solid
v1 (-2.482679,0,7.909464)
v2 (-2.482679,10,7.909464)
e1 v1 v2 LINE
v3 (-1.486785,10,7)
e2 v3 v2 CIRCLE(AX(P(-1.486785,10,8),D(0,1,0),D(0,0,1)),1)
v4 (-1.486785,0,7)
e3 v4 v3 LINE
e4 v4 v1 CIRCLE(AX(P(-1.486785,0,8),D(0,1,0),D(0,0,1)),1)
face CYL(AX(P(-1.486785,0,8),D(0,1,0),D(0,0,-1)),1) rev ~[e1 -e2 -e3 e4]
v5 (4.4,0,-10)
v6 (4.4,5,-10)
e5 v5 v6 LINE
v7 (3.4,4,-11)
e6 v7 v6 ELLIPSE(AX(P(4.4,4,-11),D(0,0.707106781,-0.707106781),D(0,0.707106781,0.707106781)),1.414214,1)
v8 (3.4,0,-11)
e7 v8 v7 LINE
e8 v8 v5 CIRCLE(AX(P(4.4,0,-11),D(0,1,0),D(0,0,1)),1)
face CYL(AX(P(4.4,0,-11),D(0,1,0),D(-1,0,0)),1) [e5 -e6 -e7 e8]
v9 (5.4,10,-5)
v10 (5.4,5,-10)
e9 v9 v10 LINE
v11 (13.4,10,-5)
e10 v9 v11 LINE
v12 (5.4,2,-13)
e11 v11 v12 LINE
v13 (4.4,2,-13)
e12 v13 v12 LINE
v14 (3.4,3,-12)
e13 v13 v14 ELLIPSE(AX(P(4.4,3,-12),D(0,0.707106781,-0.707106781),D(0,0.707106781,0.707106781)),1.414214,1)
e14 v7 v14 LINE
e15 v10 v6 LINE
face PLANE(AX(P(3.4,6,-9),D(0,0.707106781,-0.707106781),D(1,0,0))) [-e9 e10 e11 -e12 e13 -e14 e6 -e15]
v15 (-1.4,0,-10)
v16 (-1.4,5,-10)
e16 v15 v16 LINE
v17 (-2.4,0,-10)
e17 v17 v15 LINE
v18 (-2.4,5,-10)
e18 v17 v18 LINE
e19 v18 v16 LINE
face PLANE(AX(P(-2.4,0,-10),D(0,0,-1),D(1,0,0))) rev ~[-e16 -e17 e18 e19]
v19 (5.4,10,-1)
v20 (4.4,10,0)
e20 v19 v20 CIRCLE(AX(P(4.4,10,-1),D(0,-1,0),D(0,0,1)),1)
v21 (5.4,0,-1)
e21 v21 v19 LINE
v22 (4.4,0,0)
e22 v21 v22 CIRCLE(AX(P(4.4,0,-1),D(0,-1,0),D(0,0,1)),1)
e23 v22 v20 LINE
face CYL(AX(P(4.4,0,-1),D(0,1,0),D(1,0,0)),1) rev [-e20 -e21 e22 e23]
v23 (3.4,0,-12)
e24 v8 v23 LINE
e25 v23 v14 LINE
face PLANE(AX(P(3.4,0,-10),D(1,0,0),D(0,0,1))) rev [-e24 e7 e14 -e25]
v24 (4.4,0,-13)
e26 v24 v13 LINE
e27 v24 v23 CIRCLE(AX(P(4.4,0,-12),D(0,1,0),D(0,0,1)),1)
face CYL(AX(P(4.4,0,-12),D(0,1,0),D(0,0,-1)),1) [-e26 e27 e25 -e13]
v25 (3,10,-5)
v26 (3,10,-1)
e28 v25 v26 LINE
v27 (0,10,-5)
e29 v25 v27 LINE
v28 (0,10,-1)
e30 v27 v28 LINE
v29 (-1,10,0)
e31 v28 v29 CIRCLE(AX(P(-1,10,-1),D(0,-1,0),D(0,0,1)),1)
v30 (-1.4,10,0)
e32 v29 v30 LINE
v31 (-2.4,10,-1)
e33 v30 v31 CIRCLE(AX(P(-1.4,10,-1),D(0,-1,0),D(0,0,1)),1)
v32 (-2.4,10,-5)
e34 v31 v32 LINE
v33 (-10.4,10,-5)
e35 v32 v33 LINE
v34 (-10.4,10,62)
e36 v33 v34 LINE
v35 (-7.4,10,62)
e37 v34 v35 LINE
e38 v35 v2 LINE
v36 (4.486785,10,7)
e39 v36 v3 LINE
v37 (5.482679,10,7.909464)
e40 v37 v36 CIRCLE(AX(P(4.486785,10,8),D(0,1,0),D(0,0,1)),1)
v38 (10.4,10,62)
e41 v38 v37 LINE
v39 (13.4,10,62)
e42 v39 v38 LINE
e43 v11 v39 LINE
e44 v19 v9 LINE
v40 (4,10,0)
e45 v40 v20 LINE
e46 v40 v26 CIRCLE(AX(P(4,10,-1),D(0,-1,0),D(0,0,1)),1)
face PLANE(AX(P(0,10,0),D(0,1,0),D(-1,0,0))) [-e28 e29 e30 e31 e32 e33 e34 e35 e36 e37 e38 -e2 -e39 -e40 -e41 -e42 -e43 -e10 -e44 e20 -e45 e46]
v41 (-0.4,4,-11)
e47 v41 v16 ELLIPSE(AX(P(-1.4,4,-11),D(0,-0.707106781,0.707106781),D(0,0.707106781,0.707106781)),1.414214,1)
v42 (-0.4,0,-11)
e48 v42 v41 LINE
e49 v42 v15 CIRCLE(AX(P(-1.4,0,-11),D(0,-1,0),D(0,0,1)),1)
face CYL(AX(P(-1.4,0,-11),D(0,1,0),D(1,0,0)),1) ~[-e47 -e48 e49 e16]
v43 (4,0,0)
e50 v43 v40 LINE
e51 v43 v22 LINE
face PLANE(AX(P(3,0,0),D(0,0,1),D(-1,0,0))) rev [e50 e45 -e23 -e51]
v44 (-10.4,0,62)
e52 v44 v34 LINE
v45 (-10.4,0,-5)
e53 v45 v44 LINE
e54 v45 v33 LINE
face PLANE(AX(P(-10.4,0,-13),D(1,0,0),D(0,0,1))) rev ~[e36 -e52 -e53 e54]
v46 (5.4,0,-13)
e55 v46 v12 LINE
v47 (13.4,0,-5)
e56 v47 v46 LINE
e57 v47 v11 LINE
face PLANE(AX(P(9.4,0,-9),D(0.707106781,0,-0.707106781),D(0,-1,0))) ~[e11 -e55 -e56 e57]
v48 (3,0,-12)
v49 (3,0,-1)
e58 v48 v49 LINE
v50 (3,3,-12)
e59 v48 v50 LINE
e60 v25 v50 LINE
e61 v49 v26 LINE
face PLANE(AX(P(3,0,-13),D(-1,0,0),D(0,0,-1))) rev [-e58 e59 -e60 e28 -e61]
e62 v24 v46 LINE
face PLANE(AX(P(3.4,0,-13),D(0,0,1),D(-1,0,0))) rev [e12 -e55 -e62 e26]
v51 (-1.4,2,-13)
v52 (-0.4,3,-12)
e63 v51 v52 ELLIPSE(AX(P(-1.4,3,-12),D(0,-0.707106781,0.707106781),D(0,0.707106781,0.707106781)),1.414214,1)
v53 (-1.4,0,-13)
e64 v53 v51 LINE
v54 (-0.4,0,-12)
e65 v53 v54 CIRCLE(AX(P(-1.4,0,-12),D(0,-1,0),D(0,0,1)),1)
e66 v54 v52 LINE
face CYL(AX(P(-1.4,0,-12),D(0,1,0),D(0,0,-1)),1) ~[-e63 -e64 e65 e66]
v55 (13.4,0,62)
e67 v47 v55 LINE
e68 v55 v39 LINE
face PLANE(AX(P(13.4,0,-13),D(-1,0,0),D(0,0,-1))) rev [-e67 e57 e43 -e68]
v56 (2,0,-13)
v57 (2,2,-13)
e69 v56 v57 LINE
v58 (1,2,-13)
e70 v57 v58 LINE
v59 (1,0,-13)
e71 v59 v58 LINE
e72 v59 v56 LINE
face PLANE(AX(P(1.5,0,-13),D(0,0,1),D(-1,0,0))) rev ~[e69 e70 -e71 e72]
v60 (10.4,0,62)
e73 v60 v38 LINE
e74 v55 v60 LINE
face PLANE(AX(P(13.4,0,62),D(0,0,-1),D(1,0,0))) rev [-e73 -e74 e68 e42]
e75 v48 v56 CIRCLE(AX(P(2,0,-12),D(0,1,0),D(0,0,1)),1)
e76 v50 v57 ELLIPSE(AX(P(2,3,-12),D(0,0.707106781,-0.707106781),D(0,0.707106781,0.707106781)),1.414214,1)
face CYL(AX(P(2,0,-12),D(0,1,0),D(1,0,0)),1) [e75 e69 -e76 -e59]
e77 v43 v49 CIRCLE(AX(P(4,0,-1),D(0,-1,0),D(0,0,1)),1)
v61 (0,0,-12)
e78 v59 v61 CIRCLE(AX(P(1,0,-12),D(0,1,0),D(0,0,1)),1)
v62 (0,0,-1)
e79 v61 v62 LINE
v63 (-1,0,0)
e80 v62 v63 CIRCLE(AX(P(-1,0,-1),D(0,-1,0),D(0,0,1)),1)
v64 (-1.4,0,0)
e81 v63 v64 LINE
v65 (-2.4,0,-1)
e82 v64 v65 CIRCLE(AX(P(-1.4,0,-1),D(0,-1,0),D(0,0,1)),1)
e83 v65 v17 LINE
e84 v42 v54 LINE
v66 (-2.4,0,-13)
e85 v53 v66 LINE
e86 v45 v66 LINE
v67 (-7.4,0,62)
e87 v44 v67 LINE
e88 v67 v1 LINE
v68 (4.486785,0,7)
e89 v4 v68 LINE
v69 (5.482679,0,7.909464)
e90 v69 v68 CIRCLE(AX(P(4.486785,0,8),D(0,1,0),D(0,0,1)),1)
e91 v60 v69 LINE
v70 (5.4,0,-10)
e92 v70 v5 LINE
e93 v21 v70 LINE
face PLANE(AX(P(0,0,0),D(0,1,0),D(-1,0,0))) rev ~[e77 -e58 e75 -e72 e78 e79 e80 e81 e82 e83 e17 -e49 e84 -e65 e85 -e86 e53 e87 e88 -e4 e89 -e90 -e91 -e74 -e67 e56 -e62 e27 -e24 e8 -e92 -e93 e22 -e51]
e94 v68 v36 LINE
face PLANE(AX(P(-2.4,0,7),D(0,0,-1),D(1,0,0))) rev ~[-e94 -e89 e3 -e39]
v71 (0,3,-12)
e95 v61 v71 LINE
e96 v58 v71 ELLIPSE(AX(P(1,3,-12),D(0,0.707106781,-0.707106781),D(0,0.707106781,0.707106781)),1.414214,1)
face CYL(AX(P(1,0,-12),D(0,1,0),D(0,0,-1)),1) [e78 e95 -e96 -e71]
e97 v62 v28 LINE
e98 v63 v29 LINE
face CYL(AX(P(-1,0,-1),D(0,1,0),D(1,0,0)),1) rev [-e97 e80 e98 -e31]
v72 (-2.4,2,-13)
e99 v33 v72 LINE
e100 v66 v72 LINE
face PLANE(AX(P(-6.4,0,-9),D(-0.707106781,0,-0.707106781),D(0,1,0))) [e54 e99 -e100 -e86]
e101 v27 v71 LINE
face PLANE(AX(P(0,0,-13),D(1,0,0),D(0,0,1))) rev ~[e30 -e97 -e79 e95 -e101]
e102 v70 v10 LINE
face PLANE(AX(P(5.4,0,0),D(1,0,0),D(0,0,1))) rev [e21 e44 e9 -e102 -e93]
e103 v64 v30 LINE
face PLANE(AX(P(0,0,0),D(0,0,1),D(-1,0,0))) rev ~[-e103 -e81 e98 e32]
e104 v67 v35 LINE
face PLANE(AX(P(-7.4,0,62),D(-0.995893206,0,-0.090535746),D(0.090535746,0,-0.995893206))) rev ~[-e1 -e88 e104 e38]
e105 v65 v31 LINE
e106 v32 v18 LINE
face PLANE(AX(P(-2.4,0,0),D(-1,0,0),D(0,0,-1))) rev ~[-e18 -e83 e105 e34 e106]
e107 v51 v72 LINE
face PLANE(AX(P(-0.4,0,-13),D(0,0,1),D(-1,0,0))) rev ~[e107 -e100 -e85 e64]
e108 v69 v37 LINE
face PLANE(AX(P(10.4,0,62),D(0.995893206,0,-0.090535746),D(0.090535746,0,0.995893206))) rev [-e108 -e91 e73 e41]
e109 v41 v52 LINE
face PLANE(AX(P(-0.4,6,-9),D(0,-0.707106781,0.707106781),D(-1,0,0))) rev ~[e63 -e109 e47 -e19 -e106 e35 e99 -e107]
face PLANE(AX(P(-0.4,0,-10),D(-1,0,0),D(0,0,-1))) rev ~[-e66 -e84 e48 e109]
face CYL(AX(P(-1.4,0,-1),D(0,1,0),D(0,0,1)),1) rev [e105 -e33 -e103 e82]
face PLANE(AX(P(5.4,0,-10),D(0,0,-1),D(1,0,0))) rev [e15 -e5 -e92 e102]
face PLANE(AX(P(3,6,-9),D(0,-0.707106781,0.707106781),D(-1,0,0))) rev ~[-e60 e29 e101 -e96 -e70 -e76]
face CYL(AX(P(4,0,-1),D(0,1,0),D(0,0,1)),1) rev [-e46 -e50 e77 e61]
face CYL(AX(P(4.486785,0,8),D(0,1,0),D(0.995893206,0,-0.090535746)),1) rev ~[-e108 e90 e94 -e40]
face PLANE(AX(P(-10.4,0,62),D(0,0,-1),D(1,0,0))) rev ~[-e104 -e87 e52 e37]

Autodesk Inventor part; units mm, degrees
ref_plane "YZ Plane" through (0, 0, 0) normal (1, 0, 0) x (0, 1, 0)
ref_plane "XZ Plane" through (0, 0, 0) normal (0, 1, 0) x (-1, 0, 0)
ref_plane "XY Plane" through (0, 0, 0) normal (0, 0, 1) x (1, 0, 0)
sketch "Sketch1" plane through (0, 0, 0) normal (0, 1, 0) x (-1, 0, 0)
  line L0 (-1.5, 7) -> (-1.5, -13)
  line L1 (-1.5, -13) -> (0, -13)
  line L2 (0, -13) -> (0, 0)
  line L3 (0, 0) -> (2.4, 0)
  line L4 (2.4, 0) -> (2.4, -10)
  line L5 (2.4, -10) -> (0.4, -10)
  line L6 (0.4, -10) -> (0.4, -13)
  line L7 (0.4, -13) -> (10.4, -13)
  line L8 (10.4, -13) -> (10.4, 62)
  line L9 (10.4, 62) -> (7.4, 62)
  line L10 (7.4, 62) -> (2.4, 7)
  line L11 (2.4, 7) -> (-1.5, 7)
  dimension "d0" = 0.4
  dimension "d1" = 2
  dimension "d2" = 10
  dimension "d3" = 75
  dimension "d4" = 7
  dimension "d5" = 10
  dimension "d6" = 3
  dimension "d7" = 1.5
  dimension "d14" = 3
extrude "Extrusion1" add sketch "Sketch1" along normal blind 10
mirror "Mirror1" about plane through (1.5, 0, 7) normal (1, 0, 0) of "Extrusion1"
chamfer "Chamfer1" distance 8 angle 45 5 edges at (-5.4, 10, -13) (1.5, 10, -13) (8.4, 10, -13) (13.4, 5, -13) (-10.4, 5, -13)
fillet "Fillet1" radius 1 12 edges at (-0.4, 1, -13) (0, 1, -13) (3.4, 1, -13) (3, 1, -13) (-0.4, 2.5, -10) (3.4, 2.5, -10) (5.4, 5, 0) (3, 5, 0) (0, 5, 0) (-2.4, 5, 0) (-2.4, 5, 7) (5.4, 5, 7)
properties part number "adjuster grip"
